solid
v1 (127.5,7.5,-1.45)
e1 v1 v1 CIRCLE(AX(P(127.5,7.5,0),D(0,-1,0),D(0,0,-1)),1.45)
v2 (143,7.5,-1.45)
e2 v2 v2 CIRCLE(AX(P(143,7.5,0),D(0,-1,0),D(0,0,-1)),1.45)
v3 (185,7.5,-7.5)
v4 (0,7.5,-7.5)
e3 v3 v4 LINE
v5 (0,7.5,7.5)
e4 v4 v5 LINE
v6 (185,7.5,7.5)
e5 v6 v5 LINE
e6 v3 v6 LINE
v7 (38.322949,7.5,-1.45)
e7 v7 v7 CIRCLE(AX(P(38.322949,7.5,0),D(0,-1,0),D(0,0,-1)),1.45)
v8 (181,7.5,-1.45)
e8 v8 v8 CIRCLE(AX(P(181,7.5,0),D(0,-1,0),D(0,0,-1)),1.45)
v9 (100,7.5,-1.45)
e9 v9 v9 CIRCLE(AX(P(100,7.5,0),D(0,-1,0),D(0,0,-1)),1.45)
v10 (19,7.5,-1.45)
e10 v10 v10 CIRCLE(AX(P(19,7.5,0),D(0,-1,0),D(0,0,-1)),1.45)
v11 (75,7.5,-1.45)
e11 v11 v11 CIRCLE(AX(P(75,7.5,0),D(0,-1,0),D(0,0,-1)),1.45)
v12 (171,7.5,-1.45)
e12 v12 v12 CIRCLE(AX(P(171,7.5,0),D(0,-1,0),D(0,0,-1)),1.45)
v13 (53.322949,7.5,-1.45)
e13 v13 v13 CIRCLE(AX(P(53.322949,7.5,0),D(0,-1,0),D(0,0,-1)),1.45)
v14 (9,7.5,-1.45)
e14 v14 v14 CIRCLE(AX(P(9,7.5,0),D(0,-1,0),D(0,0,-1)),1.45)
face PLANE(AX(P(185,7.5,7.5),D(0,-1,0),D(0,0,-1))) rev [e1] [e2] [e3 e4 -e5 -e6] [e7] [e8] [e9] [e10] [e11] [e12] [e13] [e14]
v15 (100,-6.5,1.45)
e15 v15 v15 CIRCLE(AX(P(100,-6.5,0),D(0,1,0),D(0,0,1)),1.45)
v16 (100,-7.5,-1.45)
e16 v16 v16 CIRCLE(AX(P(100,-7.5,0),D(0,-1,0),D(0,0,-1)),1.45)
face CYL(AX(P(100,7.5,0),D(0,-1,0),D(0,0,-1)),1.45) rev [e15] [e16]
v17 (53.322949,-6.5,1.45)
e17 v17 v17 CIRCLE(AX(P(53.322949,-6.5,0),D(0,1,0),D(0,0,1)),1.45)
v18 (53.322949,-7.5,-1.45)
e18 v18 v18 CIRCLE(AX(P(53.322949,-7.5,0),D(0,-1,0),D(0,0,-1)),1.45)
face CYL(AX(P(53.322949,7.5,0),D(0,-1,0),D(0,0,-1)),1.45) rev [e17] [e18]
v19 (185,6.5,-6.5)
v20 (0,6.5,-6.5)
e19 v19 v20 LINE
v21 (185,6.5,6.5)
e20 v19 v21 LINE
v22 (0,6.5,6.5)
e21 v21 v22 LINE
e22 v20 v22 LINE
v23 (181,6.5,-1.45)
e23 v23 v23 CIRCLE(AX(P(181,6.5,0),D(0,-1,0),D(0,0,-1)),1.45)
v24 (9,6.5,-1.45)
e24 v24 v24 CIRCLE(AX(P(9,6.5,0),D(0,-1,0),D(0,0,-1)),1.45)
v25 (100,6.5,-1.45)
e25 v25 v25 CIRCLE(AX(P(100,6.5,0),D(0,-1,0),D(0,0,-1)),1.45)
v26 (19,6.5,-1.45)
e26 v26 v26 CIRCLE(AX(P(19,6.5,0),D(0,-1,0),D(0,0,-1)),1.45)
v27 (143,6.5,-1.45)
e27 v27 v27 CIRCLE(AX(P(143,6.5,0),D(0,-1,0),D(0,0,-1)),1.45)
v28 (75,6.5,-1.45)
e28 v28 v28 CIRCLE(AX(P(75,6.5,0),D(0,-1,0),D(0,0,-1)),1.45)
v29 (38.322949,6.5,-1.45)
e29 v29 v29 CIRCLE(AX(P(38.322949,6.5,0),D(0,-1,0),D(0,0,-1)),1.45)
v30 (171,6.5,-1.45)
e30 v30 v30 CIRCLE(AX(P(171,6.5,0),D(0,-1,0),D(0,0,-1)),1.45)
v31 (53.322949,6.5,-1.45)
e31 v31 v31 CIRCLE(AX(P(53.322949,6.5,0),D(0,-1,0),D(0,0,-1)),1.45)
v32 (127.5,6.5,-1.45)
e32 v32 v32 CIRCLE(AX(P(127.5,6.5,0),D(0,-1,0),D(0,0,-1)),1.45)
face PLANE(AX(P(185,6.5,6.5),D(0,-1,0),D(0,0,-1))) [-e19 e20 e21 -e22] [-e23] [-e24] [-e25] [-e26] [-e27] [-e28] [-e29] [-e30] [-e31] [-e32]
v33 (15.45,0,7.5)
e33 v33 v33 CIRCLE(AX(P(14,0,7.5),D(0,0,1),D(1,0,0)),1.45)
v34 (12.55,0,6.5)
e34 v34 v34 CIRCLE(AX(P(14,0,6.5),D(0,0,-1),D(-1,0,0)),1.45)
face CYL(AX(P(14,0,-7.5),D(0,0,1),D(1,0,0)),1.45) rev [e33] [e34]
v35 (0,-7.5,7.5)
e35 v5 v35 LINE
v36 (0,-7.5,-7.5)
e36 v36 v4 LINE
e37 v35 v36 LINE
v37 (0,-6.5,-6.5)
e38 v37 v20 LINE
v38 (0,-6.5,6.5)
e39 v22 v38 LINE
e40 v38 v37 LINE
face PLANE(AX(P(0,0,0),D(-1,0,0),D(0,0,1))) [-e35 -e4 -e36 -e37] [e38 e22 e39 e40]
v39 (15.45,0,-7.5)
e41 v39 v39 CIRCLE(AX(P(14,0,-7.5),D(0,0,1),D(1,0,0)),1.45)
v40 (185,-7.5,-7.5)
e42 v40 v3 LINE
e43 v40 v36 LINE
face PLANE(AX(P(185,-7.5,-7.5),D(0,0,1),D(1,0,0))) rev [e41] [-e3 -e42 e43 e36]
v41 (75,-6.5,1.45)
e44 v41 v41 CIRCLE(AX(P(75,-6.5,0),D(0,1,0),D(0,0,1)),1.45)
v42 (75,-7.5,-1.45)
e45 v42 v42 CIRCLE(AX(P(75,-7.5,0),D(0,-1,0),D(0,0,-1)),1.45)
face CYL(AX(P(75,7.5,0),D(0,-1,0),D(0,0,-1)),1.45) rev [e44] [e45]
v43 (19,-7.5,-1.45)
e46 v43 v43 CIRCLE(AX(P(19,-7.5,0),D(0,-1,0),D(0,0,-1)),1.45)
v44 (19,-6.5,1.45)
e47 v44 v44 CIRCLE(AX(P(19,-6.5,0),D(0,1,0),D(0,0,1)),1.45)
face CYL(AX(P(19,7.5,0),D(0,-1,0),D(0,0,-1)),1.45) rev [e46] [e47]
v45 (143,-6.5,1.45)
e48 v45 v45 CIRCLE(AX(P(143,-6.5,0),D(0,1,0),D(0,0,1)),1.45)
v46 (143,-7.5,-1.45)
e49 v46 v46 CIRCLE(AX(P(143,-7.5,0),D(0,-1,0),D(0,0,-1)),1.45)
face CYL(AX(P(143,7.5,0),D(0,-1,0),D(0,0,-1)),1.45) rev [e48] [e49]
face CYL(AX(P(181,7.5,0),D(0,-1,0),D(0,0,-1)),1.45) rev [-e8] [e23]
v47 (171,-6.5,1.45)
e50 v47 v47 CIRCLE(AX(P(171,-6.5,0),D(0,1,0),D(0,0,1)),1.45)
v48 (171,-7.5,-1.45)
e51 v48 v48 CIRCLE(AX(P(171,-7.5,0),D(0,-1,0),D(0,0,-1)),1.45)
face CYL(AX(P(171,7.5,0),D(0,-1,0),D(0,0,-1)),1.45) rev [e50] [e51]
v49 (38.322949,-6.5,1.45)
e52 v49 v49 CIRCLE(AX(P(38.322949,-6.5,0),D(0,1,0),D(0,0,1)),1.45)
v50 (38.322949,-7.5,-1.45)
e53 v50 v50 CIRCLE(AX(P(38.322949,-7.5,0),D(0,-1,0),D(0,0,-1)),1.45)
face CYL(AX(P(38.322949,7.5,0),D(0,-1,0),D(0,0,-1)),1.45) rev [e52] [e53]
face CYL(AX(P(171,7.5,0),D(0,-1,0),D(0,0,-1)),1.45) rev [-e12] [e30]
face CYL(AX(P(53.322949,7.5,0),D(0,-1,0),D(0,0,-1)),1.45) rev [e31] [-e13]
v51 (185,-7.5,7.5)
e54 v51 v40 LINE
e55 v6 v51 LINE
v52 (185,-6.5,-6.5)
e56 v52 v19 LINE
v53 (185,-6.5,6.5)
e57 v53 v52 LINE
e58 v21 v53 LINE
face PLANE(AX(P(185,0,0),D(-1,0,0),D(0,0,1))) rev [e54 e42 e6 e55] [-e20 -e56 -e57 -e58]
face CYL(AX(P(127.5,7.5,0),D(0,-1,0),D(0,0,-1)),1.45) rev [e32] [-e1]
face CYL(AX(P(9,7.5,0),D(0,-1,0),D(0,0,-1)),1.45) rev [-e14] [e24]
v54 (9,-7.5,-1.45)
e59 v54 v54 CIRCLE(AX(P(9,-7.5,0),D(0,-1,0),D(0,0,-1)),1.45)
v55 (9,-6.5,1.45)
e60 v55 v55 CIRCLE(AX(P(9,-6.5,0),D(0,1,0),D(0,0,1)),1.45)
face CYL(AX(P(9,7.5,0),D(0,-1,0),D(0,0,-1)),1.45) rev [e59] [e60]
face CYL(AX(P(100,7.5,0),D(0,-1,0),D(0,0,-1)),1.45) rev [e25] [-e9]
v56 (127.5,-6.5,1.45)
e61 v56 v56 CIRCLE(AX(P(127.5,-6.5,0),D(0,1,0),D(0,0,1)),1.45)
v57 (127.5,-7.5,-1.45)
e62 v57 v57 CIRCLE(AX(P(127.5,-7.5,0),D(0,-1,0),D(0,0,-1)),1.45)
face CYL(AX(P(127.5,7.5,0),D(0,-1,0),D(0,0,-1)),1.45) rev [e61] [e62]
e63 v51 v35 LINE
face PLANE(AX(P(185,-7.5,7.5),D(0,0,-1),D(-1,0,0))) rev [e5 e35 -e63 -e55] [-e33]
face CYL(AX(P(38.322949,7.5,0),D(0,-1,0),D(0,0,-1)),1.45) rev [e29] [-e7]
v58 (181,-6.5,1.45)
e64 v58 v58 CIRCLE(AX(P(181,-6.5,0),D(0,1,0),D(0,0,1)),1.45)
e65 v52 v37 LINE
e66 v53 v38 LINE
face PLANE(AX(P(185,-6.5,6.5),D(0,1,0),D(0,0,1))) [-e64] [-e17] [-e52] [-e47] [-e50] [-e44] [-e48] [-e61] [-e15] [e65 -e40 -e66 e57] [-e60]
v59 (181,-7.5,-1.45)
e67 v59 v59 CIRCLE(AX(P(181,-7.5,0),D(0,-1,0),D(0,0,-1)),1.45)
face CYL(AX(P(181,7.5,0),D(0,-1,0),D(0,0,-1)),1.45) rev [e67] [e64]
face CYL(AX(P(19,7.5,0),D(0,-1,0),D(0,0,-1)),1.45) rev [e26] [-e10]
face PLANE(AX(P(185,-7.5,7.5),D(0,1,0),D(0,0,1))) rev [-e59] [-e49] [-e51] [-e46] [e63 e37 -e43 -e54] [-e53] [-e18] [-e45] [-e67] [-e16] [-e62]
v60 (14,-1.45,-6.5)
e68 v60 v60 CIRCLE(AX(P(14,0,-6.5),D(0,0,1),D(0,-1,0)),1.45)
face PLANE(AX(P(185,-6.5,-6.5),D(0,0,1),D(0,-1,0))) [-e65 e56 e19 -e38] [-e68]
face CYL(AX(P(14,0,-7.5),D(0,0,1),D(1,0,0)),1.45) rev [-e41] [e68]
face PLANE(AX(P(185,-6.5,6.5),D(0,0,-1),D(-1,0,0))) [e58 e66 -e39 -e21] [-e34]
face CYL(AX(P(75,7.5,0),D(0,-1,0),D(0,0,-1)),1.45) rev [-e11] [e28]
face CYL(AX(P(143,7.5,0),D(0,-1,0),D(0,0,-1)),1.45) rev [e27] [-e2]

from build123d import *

# Parameters (mm, degrees)
SKETCH_1_W          = 15
SKETCH_1_H          = 15
SKETCH_1_W_2        = 13
SKETCH_1_H_2        = 13
EXTRUDE_1_DEPTH     = 185
SKETCH_2_R          = 1.45
CUT_EXTRUDE_1_DEPTH = 186.758579883
SKETCH_3_R          = 1.45
CUT_EXTRUDE_2_DEPTH = 186.758579883


with BuildPart() as part:
    # 草图1 → 凸台-拉伸1 (new body)
    with BuildSketch(Plane(origin=(0, 0, 0), x_dir=(0, 0, -1), z_dir=(1, 0, 0))):
        Rectangle(SKETCH_1_W, SKETCH_1_H)
        Rectangle(SKETCH_1_W_2, SKETCH_1_H_2, mode=Mode.SUBTRACT)
    extrude(amount=EXTRUDE_1_DEPTH)

    # 草图2 → 切除-拉伸1 (cut, through all)
    with BuildSketch(Plane.XZ.offset(7.5)):
        with Locations(Location((181, 0, 0), (0, 0, 270))):
            Circle(SKETCH_2_R)
        with Locations(Location((171, 0, 0), (0, 0, 270))):
            Circle(SKETCH_2_R)
        with Locations(Location((127.5, 0, 0), (0, 0, 270))):
            Circle(SKETCH_2_R)
        with Locations(Location((100, 0, 0), (0, 0, 270))):
            Circle(SKETCH_2_R)
        with Locations(Location((75, 0, 0), (0, 0, 270))):
            Circle(SKETCH_2_R)
        with Locations(Location((19, 0, 0), (0, 0, 270))):
            Circle(SKETCH_2_R)
        with Locations(Location((9, 0, 0), (0, 0, 270))):
            Circle(SKETCH_2_R)
        with Locations(Location((143, 0, 0), (0, 0, 270))):
            Circle(SKETCH_2_R)
        with Locations(Location((38.322949017, 0, 0), (0, 0, 270))):
            Circle(SKETCH_2_R)
        with Locations(Location((53.322949017, 0, 0), (0, 0, 270))):
            Circle(SKETCH_2_R)
    extrude(amount=-CUT_EXTRUDE_1_DEPTH, mode=Mode.SUBTRACT)

    # 草图3 → 切除-拉伸2 (cut, through all)
    with BuildSketch(Plane.XY.offset(7.5)):
        with Locations((14, 0)):
            Circle(SKETCH_3_R)
    extrude(amount=-CUT_EXTRUDE_2_DEPTH, mode=Mode.SUBTRACT)


solid = part.part
